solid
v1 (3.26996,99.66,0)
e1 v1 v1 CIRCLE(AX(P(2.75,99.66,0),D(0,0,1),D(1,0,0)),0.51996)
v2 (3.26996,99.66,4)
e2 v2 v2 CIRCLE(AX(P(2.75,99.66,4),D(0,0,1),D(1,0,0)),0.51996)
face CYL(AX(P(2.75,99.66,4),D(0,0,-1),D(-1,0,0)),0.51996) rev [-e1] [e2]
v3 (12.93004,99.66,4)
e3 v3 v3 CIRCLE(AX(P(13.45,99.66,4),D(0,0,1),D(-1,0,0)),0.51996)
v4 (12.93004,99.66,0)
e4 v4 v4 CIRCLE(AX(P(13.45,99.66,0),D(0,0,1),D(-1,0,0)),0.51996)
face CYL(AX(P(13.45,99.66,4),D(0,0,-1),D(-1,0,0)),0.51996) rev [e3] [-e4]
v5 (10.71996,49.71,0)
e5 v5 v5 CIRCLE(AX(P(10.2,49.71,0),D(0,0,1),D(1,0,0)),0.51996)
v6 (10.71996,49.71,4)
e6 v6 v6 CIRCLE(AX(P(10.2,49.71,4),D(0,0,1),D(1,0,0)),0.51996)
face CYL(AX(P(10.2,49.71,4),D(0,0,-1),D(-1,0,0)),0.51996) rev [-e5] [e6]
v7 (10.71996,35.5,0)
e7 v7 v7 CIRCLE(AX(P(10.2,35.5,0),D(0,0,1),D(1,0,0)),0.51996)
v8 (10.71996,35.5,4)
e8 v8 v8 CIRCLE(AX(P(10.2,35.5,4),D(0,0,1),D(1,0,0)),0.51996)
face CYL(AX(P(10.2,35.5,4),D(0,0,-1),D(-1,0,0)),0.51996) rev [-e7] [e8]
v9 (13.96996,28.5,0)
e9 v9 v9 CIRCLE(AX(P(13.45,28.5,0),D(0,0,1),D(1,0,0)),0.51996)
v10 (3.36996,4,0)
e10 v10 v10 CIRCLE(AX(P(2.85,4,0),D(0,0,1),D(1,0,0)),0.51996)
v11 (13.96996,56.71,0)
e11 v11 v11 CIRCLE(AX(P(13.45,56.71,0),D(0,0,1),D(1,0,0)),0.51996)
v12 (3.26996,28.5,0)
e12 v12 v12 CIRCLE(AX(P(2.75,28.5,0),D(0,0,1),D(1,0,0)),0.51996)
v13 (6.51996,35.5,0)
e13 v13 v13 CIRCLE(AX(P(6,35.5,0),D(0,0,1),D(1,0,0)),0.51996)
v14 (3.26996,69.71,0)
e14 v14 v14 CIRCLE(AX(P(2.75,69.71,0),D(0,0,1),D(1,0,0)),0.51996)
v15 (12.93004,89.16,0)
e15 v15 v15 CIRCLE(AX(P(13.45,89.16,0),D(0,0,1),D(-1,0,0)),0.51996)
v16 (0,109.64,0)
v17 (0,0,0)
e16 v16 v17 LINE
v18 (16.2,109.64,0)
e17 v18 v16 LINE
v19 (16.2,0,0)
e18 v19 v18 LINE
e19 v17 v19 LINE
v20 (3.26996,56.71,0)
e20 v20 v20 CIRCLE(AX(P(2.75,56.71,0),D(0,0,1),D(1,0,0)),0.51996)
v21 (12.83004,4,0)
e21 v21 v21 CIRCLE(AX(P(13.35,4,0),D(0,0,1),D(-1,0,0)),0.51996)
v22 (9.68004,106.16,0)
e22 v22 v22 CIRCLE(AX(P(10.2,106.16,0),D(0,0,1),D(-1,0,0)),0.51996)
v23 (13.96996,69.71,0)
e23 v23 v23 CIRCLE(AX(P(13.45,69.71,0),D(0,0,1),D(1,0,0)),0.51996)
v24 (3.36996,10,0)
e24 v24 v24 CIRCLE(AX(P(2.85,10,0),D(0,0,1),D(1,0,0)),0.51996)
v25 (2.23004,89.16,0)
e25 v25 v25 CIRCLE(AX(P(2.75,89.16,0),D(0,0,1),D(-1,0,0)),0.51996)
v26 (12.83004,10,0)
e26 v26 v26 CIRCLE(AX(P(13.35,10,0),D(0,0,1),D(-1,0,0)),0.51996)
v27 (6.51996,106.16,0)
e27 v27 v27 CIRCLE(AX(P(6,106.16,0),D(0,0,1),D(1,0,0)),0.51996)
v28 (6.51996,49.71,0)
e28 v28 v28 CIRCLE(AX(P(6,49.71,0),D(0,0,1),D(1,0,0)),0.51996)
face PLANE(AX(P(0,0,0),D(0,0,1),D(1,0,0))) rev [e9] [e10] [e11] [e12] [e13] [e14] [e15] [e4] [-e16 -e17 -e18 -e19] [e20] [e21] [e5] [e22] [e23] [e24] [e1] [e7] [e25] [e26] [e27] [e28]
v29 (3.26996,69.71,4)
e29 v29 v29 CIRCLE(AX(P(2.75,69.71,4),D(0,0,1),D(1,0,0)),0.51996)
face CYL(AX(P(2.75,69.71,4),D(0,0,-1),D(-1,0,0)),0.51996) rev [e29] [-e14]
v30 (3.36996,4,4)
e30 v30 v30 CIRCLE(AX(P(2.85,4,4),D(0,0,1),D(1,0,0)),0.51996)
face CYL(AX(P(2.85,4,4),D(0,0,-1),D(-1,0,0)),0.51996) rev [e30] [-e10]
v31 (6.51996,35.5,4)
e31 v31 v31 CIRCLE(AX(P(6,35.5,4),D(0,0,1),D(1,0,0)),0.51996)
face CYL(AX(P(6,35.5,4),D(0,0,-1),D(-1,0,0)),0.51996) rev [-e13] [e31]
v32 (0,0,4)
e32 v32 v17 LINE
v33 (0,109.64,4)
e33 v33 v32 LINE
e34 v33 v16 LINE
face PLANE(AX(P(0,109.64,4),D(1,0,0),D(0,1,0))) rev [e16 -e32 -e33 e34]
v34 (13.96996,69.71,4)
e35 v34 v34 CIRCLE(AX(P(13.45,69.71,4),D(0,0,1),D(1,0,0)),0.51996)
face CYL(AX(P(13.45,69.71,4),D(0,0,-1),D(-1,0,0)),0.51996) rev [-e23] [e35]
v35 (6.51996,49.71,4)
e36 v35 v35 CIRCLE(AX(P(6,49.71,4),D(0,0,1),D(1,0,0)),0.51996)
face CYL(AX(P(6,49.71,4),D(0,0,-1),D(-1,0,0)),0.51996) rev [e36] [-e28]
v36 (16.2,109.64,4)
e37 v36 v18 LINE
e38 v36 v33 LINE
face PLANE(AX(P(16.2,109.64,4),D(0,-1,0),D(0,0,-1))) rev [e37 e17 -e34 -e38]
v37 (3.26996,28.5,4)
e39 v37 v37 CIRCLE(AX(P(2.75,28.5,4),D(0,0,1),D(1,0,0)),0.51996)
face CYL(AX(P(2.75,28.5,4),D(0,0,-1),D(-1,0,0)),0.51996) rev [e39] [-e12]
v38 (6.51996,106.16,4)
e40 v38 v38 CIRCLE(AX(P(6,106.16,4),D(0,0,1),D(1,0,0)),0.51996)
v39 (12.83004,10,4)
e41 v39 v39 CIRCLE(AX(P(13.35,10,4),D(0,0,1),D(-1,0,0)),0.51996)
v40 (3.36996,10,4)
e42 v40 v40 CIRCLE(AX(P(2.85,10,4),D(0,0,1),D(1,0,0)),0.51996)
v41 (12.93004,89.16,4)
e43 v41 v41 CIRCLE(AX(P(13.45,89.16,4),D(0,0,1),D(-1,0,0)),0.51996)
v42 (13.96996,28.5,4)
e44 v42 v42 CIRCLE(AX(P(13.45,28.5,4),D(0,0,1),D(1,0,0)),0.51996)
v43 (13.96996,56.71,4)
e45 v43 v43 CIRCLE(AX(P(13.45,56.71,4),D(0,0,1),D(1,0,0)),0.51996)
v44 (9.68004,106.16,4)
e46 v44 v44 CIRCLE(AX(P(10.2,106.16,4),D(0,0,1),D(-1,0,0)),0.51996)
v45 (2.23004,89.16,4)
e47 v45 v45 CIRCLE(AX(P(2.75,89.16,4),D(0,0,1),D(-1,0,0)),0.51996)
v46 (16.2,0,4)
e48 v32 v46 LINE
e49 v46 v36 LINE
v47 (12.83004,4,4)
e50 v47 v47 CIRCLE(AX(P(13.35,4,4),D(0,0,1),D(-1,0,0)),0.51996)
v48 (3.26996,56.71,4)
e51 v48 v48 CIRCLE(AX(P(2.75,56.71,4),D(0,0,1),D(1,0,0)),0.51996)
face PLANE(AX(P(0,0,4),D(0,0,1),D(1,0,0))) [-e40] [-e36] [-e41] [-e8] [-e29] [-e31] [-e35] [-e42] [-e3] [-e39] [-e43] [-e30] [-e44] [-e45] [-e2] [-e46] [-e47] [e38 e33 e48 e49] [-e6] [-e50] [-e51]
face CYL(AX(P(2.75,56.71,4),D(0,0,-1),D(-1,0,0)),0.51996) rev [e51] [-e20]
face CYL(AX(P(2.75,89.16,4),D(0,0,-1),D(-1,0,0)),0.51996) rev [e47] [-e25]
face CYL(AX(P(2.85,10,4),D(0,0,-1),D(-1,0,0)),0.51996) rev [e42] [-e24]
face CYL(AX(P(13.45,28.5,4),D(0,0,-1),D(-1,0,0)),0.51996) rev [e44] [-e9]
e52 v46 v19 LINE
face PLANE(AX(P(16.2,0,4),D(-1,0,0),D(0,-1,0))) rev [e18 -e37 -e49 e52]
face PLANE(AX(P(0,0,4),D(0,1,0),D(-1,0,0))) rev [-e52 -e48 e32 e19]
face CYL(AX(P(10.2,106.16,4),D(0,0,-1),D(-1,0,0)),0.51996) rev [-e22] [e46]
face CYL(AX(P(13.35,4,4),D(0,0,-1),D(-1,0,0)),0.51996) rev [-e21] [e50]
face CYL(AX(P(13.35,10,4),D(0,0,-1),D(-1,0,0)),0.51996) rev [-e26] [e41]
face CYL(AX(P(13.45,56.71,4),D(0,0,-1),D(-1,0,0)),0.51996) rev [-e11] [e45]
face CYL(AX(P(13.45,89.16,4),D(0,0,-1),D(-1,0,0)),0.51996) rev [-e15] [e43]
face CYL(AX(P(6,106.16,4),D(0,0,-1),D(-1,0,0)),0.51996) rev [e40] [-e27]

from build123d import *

# Parameters (mm, degrees)
SKETCH1_W           = 16.2
SKETCH1_H           = 109.64
SKETCH1_R           = 0.519960121
BOSS_EXTRUDE1_DEPTH = 4


with BuildPart() as part:
    # Sketch1 → Boss-Extrude1 (new body)
    with BuildSketch(Plane.XY):
        with Locations((8.1, 54.82)):
            Rectangle(SKETCH1_W, SKETCH1_H)
        with Locations((13.45, 56.71)):
            Circle(SKETCH1_R, mode=Mode.SUBTRACT)
        with Locations((10.2, 49.71)):
            Circle(SKETCH1_R, mode=Mode.SUBTRACT)
        with Locations((10.2, 106.16)):
            Circle(SKETCH1_R, mode=Mode.SUBTRACT)
        with Locations((2.75, 99.66)):
            Circle(SKETCH1_R, mode=Mode.SUBTRACT)
        with Locations((6, 49.71)):
            Circle(SKETCH1_R, mode=Mode.SUBTRACT)
        with Locations((2.75, 28.5)):
            Circle(SKETCH1_R, mode=Mode.SUBTRACT)
        with Locations((2.75, 89.16)):
            Circle(SKETCH1_R, mode=Mode.SUBTRACT)
        with Locations((2.75, 56.71)):
            Circle(SKETCH1_R, mode=Mode.SUBTRACT)
        with Locations((13.45, 89.16)):
            Circle(SKETCH1_R, mode=Mode.SUBTRACT)
        with Locations((13.45, 99.66)):
            Circle(SKETCH1_R, mode=Mode.SUBTRACT)
        with Locations((13.45, 69.71)):
            Circle(SKETCH1_R, mode=Mode.SUBTRACT)
        with Locations((6, 35.5)):
            Circle(SKETCH1_R, mode=Mode.SUBTRACT)
        with Locations((6, 106.16)):
            Circle(SKETCH1_R, mode=Mode.SUBTRACT)
        with Locations((10.2, 35.5)):
            Circle(SKETCH1_R, mode=Mode.SUBTRACT)
        with Locations((2.75, 69.71)):
            Circle(SKETCH1_R, mode=Mode.SUBTRACT)
        with Locations((13.45, 28.5)):
            Circle(SKETCH1_R, mode=Mode.SUBTRACT)
        with Locations((2.85, 10)):
            Circle(SKETCH1_R, mode=Mode.SUBTRACT)
        with Locations((13.35, 10)):
            Circle(SKETCH1_R, mode=Mode.SUBTRACT)
        with Locations((13.35, 4)):
            Circle(SKETCH1_R, mode=Mode.SUBTRACT)
        with Locations((2.85, 4)):
            Circle(SKETCH1_R, mode=Mode.SUBTRACT)
    extrude(amount=BOSS_EXTRUDE1_DEPTH)


solid = part.part
